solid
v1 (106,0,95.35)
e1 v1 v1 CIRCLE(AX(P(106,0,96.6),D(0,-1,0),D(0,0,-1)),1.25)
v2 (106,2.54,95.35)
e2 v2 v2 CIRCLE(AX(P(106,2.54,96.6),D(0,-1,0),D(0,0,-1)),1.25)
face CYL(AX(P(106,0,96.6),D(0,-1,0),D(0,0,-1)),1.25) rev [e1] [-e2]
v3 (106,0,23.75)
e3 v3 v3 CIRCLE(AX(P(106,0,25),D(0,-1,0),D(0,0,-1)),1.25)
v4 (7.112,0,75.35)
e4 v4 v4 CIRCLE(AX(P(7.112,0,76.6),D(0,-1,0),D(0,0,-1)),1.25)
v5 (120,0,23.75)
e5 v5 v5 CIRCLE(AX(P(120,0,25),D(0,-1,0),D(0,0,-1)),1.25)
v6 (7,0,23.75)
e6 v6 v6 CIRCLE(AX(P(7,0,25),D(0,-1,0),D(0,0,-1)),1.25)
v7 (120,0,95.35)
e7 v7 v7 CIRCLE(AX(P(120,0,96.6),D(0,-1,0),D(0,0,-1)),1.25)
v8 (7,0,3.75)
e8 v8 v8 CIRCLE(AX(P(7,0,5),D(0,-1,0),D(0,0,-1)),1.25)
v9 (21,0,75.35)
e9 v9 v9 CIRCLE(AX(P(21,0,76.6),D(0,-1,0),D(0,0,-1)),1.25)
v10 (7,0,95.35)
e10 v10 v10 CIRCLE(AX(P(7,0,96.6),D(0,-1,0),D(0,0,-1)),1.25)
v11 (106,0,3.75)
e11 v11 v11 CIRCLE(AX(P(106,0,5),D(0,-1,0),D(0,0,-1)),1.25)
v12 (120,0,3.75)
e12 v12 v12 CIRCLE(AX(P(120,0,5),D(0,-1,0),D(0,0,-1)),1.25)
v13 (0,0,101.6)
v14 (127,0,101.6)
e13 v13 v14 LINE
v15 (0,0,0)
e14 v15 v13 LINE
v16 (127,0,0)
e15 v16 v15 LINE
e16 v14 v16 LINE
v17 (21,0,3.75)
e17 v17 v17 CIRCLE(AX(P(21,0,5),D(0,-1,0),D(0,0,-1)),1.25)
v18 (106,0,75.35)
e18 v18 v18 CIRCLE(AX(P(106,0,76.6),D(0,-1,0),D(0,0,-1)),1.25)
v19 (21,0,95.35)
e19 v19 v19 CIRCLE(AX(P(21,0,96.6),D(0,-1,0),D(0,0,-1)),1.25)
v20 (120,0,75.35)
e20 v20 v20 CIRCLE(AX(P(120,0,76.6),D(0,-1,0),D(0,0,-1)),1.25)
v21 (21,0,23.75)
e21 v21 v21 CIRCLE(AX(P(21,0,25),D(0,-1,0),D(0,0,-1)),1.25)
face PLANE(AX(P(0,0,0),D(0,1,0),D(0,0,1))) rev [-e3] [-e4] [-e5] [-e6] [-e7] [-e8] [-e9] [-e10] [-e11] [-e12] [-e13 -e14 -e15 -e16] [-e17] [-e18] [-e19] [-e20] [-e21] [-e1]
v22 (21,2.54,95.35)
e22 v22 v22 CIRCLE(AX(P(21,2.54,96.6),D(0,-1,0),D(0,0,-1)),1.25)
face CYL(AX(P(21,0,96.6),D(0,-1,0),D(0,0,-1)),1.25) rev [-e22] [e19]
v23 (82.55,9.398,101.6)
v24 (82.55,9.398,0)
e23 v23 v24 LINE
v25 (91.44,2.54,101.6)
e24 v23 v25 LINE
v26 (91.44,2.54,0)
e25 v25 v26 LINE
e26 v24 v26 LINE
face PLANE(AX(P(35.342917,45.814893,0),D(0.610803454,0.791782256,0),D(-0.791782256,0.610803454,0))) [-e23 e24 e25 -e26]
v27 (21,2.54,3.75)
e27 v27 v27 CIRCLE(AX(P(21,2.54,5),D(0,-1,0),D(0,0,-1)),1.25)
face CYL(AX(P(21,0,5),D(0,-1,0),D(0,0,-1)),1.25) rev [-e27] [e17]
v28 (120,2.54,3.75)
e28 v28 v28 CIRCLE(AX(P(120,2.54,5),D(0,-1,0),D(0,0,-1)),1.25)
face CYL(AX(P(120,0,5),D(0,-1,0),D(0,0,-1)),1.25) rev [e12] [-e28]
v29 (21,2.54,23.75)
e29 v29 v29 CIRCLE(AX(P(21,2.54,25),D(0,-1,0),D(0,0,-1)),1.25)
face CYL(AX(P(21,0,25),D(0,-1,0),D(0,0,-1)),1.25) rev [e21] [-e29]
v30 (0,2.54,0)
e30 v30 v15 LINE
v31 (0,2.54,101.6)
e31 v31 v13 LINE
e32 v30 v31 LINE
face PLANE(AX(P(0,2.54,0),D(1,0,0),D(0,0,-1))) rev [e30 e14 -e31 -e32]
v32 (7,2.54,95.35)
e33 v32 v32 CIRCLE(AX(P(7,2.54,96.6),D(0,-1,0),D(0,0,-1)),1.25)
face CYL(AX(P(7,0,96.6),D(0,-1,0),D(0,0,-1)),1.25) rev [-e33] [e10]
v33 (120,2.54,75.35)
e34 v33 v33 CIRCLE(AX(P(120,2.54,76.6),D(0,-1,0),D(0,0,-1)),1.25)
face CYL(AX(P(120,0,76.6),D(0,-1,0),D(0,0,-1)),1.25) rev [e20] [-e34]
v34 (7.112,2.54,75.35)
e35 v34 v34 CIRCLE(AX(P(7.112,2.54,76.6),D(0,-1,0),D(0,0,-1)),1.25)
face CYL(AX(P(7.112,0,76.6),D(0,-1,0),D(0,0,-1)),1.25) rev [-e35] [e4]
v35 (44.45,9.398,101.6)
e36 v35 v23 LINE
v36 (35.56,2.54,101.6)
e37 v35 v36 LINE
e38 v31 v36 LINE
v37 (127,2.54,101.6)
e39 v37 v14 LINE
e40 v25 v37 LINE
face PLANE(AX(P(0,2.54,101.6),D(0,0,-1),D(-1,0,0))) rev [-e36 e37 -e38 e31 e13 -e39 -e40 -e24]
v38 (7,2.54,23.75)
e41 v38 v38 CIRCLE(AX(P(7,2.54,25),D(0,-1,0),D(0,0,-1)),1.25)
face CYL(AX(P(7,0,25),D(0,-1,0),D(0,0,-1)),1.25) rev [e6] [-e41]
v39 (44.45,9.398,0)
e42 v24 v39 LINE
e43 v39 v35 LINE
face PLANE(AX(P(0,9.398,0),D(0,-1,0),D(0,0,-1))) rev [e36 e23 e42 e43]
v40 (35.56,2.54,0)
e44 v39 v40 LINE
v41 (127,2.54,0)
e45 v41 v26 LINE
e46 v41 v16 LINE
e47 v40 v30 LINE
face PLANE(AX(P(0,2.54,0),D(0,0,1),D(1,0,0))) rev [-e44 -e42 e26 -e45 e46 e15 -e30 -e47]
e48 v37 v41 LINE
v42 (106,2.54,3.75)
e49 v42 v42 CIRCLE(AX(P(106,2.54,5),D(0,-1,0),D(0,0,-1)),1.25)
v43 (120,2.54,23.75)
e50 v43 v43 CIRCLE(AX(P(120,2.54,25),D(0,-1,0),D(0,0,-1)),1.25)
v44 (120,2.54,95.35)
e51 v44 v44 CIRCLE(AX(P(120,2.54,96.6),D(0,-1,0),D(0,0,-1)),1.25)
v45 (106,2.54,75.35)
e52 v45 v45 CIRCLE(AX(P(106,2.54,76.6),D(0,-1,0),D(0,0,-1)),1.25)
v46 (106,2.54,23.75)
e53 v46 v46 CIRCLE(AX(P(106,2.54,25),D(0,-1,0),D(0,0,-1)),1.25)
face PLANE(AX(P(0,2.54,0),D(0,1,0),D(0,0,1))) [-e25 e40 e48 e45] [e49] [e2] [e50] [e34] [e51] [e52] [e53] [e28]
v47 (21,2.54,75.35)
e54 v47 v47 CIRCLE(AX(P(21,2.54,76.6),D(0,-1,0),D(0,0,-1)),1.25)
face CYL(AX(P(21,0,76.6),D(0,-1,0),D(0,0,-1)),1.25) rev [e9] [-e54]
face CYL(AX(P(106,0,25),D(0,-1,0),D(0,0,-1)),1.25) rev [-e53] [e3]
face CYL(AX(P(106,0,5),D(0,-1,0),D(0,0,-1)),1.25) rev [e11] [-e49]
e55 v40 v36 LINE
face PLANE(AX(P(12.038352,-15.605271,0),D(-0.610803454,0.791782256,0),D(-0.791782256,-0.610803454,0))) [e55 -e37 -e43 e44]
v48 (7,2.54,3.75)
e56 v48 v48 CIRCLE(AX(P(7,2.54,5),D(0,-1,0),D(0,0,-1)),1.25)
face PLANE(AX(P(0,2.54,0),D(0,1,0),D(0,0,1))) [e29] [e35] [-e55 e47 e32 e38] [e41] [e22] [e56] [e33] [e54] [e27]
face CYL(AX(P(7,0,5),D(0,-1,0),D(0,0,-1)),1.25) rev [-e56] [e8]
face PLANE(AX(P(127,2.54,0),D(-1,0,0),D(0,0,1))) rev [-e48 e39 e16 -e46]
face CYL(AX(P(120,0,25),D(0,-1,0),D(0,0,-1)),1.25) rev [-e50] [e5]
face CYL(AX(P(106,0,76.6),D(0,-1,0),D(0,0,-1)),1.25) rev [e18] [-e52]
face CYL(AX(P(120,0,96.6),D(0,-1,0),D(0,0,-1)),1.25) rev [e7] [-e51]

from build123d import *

# Parameters (mm, degrees)
SKETCH1_W                   = 127
SKETCH1_H                   = 101.6
BOSS_EXTRUDE1_DEPTH         = 2.54
TAP_DRILL_FOR_M3X0_5_TAP1_D = 2.5


with BuildPart() as part:
    # Sketch1 → Boss-Extrude1 (new body)
    with BuildSketch(Plane(origin=(0, 0, 0), x_dir=(1, 0, 0), z_dir=(0, 1, 0))):
        with Locations((63.5, -50.8)):
            Rectangle(SKETCH1_W, SKETCH1_H)
    extrude(amount=BOSS_EXTRUDE1_DEPTH)

    # Tap Drill for M3x0.5 Tap1 (through all)
    with Locations(Plane(origin=(0, 0, 0), x_dir=(-1, 0, 0), z_dir=(0, -1, 0))):
        with Locations((-106, -76.6), (-120, -5), (-120, -25), (-106, -5), (-106, -25), (-120, -76.6), (-131.288, -76.6), (-120, -96.6), (-106, -96.6), (-21, -96.6), (-21, -76.6), (-7.112, -76.6), (-7, -96.6), (-21, -25), (-21, -5), (-7, -5), (-7, -25)):
            Hole(TAP_DRILL_FOR_M3X0_5_TAP1_D / 2)

    # Sketch7 → Loft1 section 0
    with BuildSketch(Plane(origin=(0, 9.398, 0), x_dir=(1, 0, 0), z_dir=(0, 1, 0))):
        with BuildLine():
            Line((82.55, 0), (44.45, 0))
            Line((44.45, 0), (44.45, -101.6))
            Line((44.45, -101.6), (82.55, -101.6))
            Line((82.55, -101.6), (82.55, 0))
        make_face()
    # Sketch6 → Loft1 section 1
    with BuildSketch(Plane(origin=(0, 2.54, 0), x_dir=(1, 0, 0), z_dir=(0, 1, 0))):
        with BuildLine():
            Line((35.56, 0), (91.44, 0))
            Line((91.44, 0), (91.44, -101.6))
            Line((91.44, -101.6), (35.56, -101.6))
            Line((35.56, -101.6), (35.56, 0))
        make_face()
    loft()


solid = part.part
